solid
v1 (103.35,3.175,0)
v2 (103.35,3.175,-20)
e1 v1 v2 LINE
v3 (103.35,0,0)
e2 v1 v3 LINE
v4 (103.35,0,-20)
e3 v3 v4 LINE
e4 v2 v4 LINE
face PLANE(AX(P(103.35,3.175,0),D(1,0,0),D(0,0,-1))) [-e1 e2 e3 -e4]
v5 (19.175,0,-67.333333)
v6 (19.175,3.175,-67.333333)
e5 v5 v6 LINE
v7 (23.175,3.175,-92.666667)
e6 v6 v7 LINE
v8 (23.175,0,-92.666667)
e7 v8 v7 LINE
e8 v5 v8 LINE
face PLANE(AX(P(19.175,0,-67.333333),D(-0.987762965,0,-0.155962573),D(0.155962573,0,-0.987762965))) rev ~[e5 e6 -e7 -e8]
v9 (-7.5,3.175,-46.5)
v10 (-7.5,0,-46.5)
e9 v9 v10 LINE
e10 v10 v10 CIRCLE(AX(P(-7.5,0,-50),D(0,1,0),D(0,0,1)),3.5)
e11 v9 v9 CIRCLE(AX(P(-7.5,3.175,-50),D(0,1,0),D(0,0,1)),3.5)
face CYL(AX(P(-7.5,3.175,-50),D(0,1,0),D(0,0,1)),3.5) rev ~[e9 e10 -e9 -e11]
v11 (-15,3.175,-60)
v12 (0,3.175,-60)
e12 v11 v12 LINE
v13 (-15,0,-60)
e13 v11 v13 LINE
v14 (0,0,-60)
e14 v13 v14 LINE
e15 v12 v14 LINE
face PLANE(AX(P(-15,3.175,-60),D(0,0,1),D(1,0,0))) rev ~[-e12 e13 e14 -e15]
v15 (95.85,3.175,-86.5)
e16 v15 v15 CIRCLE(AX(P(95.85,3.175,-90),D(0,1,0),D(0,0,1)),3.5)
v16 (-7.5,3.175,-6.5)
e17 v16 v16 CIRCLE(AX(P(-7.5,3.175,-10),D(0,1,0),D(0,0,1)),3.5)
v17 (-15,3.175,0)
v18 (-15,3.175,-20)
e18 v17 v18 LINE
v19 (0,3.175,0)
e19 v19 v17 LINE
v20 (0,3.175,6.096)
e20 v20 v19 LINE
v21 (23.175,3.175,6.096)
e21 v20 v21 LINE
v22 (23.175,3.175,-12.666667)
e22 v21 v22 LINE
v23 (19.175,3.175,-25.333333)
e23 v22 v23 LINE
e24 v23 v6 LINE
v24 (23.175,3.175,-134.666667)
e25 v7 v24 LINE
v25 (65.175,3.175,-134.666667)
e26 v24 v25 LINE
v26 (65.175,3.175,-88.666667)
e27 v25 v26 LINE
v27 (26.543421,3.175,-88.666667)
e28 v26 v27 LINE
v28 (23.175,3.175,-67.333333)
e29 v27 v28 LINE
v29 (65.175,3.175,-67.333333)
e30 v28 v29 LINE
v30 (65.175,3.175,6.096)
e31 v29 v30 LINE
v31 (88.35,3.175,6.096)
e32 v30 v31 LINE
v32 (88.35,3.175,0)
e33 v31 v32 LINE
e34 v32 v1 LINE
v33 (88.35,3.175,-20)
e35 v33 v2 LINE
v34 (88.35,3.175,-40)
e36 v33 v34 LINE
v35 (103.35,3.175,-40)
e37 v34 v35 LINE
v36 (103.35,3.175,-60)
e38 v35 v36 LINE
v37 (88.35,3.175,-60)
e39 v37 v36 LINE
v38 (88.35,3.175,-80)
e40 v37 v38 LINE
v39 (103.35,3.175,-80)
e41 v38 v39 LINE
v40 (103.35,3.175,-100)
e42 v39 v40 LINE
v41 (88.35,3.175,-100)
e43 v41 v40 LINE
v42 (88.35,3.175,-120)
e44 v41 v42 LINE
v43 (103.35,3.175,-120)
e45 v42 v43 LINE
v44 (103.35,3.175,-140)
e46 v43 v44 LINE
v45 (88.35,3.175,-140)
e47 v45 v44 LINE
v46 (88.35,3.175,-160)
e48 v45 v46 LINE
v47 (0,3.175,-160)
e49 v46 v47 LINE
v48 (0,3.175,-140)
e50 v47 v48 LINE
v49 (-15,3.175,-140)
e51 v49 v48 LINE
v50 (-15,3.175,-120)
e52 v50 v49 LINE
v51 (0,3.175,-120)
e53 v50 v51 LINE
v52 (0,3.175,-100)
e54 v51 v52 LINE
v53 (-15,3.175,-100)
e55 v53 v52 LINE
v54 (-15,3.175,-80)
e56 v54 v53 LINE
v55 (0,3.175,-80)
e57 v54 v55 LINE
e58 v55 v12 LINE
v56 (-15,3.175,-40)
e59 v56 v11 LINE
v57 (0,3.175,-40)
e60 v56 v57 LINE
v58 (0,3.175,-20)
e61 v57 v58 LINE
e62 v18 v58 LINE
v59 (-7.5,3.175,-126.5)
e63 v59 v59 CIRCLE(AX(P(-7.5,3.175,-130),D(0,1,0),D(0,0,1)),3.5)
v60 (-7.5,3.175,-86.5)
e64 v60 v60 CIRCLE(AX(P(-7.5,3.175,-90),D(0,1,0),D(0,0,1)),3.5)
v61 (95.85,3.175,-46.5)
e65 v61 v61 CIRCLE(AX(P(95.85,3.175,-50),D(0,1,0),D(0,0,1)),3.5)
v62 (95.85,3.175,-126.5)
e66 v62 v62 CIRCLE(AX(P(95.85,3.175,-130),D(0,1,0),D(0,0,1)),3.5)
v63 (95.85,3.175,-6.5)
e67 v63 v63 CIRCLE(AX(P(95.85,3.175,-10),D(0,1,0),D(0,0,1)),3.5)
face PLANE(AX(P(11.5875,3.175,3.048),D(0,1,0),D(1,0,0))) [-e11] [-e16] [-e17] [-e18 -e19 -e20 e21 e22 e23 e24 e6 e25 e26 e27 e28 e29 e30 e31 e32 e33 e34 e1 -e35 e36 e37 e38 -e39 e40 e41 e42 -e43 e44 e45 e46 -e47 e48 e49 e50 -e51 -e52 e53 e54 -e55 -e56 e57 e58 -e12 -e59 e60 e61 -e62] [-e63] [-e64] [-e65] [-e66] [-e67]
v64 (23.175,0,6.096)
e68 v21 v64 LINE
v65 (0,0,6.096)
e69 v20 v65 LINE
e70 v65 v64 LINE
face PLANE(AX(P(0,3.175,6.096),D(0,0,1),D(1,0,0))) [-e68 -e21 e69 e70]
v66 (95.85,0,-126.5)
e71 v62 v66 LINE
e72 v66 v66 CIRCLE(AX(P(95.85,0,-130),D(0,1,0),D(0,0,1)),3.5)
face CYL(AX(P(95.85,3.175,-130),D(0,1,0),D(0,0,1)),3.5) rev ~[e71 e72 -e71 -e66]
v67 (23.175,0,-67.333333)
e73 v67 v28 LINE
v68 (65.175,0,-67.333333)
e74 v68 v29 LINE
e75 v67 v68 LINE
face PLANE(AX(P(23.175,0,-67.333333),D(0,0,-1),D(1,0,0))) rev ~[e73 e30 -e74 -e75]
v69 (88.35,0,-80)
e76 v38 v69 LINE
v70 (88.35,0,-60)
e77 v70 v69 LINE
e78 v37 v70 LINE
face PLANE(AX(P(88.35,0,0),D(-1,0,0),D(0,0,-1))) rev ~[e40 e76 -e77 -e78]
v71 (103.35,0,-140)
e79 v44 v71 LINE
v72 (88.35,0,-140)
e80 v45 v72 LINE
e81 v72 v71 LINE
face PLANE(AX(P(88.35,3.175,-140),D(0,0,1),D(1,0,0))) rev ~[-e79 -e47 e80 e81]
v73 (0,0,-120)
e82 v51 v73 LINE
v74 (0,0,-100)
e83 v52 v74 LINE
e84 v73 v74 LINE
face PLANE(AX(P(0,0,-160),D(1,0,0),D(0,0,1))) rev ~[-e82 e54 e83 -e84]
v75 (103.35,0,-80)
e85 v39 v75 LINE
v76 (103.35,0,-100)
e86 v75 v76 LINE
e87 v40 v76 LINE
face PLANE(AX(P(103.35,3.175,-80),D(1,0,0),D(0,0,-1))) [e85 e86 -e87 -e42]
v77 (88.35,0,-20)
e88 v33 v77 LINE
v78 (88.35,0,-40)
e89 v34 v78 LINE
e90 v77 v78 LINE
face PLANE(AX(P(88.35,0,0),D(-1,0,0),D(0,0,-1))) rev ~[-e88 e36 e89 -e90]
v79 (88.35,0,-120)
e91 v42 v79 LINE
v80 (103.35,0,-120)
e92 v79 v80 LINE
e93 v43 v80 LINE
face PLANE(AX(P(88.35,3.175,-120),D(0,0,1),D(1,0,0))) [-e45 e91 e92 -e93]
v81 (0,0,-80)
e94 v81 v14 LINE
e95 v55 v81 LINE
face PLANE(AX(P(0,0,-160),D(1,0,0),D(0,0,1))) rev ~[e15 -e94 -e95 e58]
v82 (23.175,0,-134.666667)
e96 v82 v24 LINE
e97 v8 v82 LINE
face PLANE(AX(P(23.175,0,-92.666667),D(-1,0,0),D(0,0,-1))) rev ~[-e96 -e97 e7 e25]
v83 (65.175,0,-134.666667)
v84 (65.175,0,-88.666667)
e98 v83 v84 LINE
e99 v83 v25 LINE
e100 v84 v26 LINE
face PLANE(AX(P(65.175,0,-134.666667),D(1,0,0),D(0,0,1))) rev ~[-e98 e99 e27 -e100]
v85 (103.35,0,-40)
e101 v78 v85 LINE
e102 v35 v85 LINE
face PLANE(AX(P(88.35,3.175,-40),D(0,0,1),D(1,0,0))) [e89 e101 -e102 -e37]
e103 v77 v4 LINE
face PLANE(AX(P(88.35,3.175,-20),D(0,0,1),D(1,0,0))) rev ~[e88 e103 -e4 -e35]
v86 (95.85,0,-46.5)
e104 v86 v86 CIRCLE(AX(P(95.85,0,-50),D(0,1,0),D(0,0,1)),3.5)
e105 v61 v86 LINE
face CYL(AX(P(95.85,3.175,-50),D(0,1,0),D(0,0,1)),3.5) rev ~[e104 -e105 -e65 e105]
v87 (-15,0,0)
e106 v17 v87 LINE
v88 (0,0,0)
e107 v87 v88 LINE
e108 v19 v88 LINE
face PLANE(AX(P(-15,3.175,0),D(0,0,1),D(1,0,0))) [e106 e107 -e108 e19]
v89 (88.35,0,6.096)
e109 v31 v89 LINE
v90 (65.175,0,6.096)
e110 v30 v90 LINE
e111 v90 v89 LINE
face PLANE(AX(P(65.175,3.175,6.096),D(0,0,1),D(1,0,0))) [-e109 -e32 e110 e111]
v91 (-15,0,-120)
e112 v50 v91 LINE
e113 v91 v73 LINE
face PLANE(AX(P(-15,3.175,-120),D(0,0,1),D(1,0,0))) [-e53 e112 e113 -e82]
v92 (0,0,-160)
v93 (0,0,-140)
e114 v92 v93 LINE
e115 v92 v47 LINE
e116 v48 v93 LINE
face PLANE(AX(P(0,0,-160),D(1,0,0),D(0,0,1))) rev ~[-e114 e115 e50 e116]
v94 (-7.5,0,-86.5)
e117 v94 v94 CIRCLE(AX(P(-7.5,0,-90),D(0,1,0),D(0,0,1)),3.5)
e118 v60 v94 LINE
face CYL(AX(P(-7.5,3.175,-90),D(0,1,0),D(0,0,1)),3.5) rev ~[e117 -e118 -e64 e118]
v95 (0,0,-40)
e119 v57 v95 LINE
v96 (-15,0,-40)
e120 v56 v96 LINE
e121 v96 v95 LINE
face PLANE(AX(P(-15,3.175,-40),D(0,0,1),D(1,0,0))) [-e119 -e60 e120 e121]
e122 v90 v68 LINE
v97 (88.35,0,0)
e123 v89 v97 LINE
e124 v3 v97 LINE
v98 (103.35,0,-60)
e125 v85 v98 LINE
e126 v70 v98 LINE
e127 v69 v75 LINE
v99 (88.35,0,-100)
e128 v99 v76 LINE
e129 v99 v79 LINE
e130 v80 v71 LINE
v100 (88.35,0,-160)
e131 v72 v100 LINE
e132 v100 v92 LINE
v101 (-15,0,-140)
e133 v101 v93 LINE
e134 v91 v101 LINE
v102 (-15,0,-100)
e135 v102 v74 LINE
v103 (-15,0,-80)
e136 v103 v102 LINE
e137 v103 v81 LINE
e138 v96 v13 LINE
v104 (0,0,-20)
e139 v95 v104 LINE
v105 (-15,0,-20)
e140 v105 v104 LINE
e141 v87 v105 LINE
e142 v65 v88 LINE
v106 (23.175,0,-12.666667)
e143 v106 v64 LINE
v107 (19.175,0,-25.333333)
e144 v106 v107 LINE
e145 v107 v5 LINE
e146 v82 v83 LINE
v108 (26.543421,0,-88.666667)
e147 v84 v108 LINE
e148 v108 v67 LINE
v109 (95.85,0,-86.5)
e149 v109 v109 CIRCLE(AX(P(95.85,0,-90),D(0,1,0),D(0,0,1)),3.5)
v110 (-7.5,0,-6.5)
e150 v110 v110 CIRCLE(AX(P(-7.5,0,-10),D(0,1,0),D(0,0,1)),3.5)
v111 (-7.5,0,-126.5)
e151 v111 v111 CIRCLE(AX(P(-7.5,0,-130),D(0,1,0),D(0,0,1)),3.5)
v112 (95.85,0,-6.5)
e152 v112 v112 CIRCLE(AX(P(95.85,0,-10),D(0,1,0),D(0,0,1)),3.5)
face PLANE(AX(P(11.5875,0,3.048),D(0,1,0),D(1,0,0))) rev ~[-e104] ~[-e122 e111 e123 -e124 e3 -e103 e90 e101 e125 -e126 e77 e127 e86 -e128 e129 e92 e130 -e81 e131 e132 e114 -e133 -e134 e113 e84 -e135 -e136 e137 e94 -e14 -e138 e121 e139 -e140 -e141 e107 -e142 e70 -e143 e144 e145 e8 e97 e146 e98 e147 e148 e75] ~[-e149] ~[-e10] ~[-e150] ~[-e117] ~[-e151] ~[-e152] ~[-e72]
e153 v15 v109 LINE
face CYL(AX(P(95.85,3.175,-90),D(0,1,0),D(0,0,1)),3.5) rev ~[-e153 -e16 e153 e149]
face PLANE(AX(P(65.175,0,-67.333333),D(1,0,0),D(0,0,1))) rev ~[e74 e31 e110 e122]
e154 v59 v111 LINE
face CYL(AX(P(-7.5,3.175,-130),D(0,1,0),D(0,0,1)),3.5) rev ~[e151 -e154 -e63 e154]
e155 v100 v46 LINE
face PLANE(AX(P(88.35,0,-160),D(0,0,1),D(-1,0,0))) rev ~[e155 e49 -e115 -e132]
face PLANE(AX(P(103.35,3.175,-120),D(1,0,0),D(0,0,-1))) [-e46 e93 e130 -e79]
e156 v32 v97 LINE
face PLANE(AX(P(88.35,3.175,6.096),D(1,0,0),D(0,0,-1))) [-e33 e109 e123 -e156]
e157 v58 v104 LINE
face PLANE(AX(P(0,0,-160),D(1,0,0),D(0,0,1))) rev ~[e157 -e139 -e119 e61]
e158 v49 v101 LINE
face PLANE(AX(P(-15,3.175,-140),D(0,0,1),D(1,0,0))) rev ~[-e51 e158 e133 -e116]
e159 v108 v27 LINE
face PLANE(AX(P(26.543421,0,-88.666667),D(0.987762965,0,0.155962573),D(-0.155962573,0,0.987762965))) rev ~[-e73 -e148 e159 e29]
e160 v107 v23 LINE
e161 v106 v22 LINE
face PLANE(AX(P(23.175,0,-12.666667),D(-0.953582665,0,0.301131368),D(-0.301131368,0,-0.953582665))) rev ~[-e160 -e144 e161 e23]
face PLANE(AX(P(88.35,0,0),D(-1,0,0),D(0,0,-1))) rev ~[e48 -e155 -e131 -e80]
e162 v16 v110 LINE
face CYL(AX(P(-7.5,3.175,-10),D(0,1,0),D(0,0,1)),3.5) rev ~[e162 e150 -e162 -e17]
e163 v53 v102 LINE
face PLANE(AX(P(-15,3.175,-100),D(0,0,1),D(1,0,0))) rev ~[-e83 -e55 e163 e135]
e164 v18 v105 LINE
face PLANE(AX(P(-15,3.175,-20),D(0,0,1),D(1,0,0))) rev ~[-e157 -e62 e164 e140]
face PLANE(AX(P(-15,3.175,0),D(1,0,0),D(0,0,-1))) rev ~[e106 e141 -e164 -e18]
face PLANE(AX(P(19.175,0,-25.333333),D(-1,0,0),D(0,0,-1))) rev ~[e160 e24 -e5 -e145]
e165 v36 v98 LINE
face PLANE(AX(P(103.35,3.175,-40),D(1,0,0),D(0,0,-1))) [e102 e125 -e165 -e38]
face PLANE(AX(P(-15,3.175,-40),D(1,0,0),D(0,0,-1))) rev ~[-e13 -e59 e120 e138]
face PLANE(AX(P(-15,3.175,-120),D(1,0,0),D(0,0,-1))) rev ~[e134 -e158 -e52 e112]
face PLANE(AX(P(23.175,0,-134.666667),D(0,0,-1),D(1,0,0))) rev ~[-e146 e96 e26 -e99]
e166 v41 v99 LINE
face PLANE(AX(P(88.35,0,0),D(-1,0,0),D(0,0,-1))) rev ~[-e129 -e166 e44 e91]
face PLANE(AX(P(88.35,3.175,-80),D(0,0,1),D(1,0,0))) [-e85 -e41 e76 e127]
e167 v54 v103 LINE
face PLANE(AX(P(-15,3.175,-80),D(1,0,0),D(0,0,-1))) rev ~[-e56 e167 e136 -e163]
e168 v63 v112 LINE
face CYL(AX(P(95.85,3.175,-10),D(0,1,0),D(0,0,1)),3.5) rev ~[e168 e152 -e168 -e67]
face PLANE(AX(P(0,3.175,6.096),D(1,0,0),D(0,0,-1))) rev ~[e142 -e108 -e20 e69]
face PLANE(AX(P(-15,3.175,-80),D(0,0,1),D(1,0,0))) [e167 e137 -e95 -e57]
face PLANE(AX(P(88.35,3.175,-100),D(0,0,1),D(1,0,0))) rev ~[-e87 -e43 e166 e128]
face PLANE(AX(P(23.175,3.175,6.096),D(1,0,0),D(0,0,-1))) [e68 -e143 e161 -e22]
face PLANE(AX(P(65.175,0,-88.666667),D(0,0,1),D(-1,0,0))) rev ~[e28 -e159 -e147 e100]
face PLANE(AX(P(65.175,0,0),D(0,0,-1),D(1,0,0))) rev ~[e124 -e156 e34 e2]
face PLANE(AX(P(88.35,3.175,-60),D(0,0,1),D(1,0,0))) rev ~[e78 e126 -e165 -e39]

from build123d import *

# Parameters (mm, degrees)
BOSS_EXTRUDE1_DEPTH = 3.175
SKETCH3_W           = 15
SKETCH3_H           = 20
SKETCH3_R           = 3.5
BOSS_EXTRUDE3_DEPTH = 3.175
SKETCH4_W           = 23.175
SKETCH4_H           = 6.096
BOSS_EXTRUDE4_DEPTH = 3.175


with BuildPart() as part:
    # Sketch1 → Boss-Extrude1 (new body)
    with BuildSketch(Plane(origin=(0, 0, 0), x_dir=(1, 0, 0), z_dir=(0, 1, 0))):
        Polygon((0, 160), (0, 0), (23.175, 0), (23.175, 12.666666667), (19.175, 25.333333333), (19.175, 67.333333333), (23.175, 92.666666667), (23.175, 134.666666667), (65.175, 134.666666667), (65.175, 92.666666667), (65.175, 88.666666667), (26.543421053, 88.666666667), (23.175, 67.333333333), (65.175, 67.333333333), (65.175, 25.333333333), (65.175, 0), (88.35, 0), (88.35, 160), align=None)
    extrude(amount=BOSS_EXTRUDE1_DEPTH)

    # Sketch3 → Boss-Extrude3 (add)
    # profile 1 of 8: a face of its own
    with BuildSketch(Plane(origin=(0, 3.175, 0), x_dir=(1, 0, 0), z_dir=(0, 1, 0))):
        with Locations((-7.5, 130)):
            Rectangle(SKETCH3_W, SKETCH3_H)
        with Locations(Location((-7.5, 130, 0), (0, 0, 270))):
            Circle(SKETCH3_R, mode=Mode.SUBTRACT)
    # profile 2 of 8: a face of its own
    with BuildSketch(Plane(origin=(0, 3.175, 0), x_dir=(1, 0, 0), z_dir=(0, 1, 0))):
        with Locations((-7.5, 90)):
            Rectangle(SKETCH3_W, SKETCH3_H)
        with Locations(Location((-7.5, 90, 0), (0, 0, 270))):
            Circle(SKETCH3_R, mode=Mode.SUBTRACT)
    # profile 3 of 8: a face of its own
    with BuildSketch(Plane(origin=(0, 3.175, 0), x_dir=(1, 0, 0), z_dir=(0, 1, 0))):
        with Locations((-7.5, 50)):
            Rectangle(SKETCH3_W, SKETCH3_H)
        with Locations(Location((-7.5, 50, 0), (0, 0, 270))):
            Circle(SKETCH3_R, mode=Mode.SUBTRACT)
    # profile 4 of 8: a face of its own
    with BuildSketch(Plane(origin=(0, 3.175, 0), x_dir=(1, 0, 0), z_dir=(0, 1, 0))):
        with Locations((-7.5, 10)):
            Rectangle(SKETCH3_W, SKETCH3_H)
        with Locations(Location((-7.5, 10, 0), (0, 0, 270))):
            Circle(SKETCH3_R, mode=Mode.SUBTRACT)
    # profile 5 of 8: a face of its own
    with BuildSketch(Plane(origin=(0, 3.175, 0), x_dir=(1, 0, 0), z_dir=(0, 1, 0))):
        with Locations((95.85, 10)):
            Rectangle(SKETCH3_W, SKETCH3_H)
        with Locations(Location((95.85, 10, 0), (0, 0, 270))):
            Circle(SKETCH3_R, mode=Mode.SUBTRACT)
    # profile 6 of 8: a face of its own
    with BuildSketch(Plane(origin=(0, 3.175, 0), x_dir=(1, 0, 0), z_dir=(0, 1, 0))):
        with Locations((95.85, 50)):
            Rectangle(SKETCH3_W, SKETCH3_H)
        with Locations(Location((95.85, 50, 0), (0, 0, 270))):
            Circle(SKETCH3_R, mode=Mode.SUBTRACT)
    # profile 7 of 8: a face of its own
    with BuildSketch(Plane(origin=(0, 3.175, 0), x_dir=(1, 0, 0), z_dir=(0, 1, 0))):
        with Locations((95.85, 90)):
            Rectangle(SKETCH3_W, SKETCH3_H)
        with Locations(Location((95.85, 90, 0), (0, 0, 270))):
            Circle(SKETCH3_R, mode=Mode.SUBTRACT)
    # profile 8 of 8: a face of its own
    with BuildSketch(Plane(origin=(0, 3.175, 0), x_dir=(1, 0, 0), z_dir=(0, 1, 0))):
        with Locations((95.85, 130)):
            Rectangle(SKETCH3_W, SKETCH3_H)
        with Locations(Location((95.85, 130, 0), (0, 0, 270))):
            Circle(SKETCH3_R, mode=Mode.SUBTRACT)
    extrude(amount=-BOSS_EXTRUDE3_DEPTH)

    # Sketch4 → Boss-Extrude4 (add)
    with BuildSketch(Plane(origin=(0, 3.175, 0), x_dir=(1, 0, 0), z_dir=(0, 1, 0))):
        with Locations((11.5875, -3.048)):
            Rectangle(SKETCH4_W, SKETCH4_H)
        with Locations((76.7625, -3.048)):
            Rectangle(SKETCH4_W, SKETCH4_H)
    extrude(amount=-BOSS_EXTRUDE4_DEPTH)


solid = part.part
